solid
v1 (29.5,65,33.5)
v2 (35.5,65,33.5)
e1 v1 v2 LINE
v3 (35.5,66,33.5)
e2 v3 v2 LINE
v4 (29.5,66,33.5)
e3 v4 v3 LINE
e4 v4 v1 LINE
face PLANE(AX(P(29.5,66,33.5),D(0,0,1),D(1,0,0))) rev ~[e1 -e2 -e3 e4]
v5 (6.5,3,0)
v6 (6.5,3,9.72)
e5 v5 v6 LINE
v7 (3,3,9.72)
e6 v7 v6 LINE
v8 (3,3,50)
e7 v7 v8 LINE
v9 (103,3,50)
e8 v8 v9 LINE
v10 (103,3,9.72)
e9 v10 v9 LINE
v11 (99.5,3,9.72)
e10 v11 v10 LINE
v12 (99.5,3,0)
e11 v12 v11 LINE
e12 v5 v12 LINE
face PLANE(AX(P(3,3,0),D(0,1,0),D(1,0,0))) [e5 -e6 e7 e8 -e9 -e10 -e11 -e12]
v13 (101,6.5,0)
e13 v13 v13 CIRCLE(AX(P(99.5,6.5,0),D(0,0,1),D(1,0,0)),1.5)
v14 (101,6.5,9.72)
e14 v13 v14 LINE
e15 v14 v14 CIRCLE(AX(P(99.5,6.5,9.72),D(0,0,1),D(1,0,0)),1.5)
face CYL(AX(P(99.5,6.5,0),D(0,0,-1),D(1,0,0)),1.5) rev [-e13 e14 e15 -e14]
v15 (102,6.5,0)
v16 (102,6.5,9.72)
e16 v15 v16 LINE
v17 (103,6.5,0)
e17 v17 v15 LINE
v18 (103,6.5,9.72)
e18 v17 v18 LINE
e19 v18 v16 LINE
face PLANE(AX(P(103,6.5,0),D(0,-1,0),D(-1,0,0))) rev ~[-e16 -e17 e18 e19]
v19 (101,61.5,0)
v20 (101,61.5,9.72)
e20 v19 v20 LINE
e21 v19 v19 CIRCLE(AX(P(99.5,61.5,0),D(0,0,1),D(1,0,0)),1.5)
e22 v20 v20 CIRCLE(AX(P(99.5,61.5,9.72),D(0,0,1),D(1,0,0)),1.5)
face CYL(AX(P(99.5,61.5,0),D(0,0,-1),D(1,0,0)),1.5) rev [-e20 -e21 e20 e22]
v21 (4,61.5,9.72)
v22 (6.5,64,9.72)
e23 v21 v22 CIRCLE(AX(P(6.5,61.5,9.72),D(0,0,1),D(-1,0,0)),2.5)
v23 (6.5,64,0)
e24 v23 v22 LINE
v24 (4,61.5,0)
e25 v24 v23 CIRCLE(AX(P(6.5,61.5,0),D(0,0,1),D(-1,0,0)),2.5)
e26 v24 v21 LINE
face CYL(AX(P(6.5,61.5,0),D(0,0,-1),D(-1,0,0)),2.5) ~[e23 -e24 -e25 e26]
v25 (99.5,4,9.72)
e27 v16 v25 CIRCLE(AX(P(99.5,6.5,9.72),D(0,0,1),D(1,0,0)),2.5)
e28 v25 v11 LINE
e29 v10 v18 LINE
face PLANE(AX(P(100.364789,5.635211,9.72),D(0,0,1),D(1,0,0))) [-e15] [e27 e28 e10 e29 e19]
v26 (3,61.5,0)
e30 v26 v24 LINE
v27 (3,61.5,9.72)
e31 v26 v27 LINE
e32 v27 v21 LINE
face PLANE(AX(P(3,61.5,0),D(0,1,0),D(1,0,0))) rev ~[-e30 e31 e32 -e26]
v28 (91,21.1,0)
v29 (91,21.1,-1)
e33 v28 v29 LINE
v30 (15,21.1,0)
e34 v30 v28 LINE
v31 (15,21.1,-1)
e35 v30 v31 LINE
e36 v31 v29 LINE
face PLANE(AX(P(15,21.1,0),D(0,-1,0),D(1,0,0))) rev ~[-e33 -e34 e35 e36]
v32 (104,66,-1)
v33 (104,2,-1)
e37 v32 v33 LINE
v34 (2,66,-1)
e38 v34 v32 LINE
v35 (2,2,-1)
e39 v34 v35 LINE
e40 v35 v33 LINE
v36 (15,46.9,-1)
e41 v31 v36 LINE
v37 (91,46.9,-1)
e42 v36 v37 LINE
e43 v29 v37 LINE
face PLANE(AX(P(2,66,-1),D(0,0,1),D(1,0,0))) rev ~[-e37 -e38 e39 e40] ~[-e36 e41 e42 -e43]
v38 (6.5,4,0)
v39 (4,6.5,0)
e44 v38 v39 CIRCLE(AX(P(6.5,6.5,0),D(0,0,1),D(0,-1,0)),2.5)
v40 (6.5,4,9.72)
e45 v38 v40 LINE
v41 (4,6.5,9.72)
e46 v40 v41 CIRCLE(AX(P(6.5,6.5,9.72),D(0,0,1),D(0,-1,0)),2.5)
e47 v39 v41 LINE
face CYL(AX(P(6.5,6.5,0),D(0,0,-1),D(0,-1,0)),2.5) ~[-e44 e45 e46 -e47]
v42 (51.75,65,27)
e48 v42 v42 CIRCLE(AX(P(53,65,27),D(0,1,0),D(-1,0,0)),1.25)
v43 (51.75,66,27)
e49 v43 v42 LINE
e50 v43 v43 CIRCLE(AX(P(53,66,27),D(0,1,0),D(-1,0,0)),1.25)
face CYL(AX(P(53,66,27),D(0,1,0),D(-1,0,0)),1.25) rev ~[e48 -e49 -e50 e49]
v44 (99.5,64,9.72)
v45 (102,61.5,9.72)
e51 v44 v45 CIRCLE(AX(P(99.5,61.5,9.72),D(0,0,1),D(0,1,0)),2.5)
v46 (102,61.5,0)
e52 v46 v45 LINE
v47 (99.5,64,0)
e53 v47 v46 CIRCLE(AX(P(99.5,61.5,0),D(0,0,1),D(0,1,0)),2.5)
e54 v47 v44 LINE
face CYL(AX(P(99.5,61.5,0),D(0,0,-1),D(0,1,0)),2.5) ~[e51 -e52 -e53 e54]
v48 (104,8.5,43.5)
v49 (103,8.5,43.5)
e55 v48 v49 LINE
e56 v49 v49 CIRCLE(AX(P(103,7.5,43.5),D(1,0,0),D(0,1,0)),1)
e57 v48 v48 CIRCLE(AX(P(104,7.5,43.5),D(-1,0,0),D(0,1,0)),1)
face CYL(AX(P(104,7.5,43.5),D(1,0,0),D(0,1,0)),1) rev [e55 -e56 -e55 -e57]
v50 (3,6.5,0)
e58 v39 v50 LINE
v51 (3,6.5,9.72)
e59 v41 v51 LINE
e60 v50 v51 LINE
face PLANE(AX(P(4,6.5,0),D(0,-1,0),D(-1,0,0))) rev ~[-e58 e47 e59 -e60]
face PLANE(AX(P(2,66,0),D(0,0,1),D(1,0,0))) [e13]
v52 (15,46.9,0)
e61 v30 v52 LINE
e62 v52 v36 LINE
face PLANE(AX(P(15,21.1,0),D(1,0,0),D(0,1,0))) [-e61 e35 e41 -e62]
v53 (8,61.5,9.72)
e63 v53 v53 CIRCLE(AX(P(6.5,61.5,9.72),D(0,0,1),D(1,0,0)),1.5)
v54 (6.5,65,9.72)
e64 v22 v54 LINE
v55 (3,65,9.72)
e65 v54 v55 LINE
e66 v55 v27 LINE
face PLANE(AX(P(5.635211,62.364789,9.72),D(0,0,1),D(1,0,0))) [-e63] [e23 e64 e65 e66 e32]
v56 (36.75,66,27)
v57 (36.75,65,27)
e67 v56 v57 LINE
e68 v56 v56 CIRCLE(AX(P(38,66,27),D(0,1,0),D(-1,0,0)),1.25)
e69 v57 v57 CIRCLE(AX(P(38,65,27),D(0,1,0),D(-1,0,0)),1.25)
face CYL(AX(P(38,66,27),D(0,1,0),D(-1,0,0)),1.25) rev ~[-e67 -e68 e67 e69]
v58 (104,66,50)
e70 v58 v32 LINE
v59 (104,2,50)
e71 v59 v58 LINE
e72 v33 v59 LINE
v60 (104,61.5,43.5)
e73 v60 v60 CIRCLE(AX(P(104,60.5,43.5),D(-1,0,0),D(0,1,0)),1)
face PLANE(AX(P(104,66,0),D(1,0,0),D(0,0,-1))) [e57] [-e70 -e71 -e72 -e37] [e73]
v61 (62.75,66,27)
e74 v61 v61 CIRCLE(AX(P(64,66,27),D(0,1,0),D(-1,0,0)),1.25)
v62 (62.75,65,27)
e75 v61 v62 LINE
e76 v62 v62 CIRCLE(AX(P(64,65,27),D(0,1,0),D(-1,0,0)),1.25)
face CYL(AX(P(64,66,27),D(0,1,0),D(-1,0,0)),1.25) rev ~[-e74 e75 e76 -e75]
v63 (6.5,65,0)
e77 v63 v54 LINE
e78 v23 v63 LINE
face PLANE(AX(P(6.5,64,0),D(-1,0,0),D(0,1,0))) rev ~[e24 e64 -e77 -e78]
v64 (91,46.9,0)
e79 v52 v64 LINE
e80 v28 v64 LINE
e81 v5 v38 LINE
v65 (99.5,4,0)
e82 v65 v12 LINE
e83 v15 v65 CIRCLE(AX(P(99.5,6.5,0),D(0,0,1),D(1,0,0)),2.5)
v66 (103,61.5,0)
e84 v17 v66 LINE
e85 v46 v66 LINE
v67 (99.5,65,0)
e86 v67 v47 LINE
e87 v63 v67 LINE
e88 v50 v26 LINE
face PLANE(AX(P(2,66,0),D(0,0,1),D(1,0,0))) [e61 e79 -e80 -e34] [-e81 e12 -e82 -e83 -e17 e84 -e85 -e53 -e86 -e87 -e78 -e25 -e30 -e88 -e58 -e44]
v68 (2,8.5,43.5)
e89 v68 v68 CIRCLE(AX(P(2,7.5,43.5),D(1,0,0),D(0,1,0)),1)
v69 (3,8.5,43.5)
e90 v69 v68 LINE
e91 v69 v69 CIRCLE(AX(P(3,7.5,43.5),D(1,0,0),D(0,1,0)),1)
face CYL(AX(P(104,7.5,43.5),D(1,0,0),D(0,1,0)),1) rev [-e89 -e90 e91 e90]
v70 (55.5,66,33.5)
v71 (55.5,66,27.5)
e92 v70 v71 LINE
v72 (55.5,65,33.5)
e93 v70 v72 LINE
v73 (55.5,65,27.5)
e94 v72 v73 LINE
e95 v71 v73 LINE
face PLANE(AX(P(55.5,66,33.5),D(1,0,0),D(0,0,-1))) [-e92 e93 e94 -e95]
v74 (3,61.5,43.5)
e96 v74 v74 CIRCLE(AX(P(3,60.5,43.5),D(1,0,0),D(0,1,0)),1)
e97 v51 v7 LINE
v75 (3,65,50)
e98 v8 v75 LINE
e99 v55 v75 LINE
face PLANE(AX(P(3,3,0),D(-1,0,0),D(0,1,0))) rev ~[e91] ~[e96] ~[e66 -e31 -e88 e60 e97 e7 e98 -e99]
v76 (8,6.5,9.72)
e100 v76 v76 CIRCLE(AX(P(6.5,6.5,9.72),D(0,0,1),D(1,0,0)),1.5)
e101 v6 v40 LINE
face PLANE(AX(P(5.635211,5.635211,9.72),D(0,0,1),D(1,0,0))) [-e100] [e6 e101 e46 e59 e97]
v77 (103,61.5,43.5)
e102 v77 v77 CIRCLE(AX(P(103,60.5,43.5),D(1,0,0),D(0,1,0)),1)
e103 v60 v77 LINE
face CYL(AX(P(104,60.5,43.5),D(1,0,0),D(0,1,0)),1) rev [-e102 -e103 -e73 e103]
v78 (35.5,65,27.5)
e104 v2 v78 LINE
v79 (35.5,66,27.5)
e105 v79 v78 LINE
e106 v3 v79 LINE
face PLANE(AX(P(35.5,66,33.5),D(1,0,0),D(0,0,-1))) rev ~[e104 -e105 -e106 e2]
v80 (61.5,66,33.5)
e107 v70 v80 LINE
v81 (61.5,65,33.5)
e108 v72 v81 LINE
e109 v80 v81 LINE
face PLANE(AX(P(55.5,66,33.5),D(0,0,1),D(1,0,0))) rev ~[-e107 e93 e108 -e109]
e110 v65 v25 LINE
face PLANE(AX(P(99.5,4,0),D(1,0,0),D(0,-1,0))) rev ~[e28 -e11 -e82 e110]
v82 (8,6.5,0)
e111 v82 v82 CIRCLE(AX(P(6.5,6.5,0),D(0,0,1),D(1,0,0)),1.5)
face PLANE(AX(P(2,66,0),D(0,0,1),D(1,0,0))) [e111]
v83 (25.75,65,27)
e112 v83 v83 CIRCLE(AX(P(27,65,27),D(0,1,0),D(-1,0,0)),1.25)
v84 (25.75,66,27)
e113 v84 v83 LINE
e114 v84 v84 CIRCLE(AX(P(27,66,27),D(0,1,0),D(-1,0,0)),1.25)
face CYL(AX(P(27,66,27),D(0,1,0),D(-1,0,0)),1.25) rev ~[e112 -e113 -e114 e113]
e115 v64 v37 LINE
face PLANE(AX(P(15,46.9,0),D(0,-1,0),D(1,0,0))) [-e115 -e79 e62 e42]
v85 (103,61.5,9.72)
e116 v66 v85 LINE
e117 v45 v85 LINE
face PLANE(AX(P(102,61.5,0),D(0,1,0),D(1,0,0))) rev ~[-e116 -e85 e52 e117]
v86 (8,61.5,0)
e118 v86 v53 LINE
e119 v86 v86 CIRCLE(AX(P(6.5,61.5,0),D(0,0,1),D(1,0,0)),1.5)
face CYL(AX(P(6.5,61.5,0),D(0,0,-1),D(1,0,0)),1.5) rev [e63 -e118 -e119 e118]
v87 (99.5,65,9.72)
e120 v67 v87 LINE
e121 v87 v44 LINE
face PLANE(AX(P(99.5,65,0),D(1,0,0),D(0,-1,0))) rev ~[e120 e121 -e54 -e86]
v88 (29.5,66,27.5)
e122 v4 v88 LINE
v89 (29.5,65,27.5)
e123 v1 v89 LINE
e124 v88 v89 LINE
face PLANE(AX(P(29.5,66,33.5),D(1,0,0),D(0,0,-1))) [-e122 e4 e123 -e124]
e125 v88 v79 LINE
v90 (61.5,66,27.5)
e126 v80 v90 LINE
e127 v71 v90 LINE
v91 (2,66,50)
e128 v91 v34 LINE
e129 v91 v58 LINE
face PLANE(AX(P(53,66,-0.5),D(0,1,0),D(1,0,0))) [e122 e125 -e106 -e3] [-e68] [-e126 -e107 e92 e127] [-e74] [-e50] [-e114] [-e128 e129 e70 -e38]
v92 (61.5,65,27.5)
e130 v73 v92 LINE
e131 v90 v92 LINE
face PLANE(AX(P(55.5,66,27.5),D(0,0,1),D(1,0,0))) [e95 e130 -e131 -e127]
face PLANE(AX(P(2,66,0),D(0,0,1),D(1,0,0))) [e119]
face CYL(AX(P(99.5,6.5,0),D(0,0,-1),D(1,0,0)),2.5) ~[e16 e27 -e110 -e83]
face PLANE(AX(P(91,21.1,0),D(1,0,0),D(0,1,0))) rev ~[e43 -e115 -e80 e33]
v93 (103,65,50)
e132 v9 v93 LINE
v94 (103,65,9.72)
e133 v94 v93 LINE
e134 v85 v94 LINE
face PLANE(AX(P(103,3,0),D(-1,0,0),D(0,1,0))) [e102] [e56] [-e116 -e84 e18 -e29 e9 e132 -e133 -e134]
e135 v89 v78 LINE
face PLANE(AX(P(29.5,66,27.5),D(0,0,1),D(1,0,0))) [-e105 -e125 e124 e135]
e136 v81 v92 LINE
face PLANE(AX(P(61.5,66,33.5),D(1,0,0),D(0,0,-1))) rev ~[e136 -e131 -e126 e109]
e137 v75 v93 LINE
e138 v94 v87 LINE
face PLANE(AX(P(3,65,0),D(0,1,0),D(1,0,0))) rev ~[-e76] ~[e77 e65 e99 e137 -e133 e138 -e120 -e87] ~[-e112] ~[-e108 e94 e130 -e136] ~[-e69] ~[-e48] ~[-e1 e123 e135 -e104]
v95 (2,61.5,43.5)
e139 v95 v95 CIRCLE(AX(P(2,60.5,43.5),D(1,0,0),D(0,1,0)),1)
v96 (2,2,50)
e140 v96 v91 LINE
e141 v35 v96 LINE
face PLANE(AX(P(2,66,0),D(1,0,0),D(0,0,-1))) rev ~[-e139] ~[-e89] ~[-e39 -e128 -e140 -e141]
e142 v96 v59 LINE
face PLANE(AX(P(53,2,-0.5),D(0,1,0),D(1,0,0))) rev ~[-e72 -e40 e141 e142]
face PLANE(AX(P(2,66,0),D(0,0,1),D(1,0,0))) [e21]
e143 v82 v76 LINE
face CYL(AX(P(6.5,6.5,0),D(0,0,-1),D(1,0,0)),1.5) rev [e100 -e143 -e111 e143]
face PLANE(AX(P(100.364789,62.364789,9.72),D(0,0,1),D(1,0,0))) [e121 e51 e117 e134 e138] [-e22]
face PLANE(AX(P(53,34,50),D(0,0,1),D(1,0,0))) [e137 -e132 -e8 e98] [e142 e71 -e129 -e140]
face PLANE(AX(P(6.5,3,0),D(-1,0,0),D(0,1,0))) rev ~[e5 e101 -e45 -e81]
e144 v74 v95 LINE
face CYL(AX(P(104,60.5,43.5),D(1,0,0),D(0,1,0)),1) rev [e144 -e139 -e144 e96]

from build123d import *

# Parameters (mm, degrees)
SKETCH_1_W               = 102
SKETCH_1_H               = 64
EXTRUDE_1_DEPTH          = 50
SKETCH_1_3_R             = 1.5
EXTRUDE_2_DEPTH          = 9.72
SKETCH_4_W               = 102
SKETCH_4_H               = 1
EXTRUDE_3_DEPTH          = 64
SKETCH_1_5_W             = 76
SKETCH_1_5_H             = 25.8
CUT_EXTRUDE_1_DEPTH      = 1
CUT_EXTRUDE_2_DEPTH      = 102
CUT_EXTRUDE_2_DEPTH_BACK = 1
SKETCH_5_R               = 1
SKETCH_6_R               = 1.25
SKETCH_6_W               = 6
SKETCH_6_H               = 6
CUT_EXTRUDE_3_DEPTH      = 10


with BuildPart() as part:
    # Эскиз1 → Бобышка-Вытянуть1 (new body)
    with BuildSketch(Plane.XY):
        with Locations((53, 34)):
            Rectangle(SKETCH_1_W, SKETCH_1_H)
        Polygon((3, 61.5), (3, 65), (6.5, 65), (99.5, 65), (103, 65), (103, 61.5), (103, 6.5), (103, 3), (99.5, 3), (6.5, 3), (3, 3), (3, 6.5), align=None, mode=Mode.SUBTRACT)
    extrude(amount=EXTRUDE_1_DEPTH)

    # Эскиз1<3> → Бобышка-Вытянуть2 (add)
    # profile 1 of 4: a face of its own
    with BuildSketch(Plane.XY):
        with BuildLine():
            Line((6.5, 65), (3, 65))
            Line((3, 65), (3, 61.5))
            Line((3, 61.5), (4, 61.5))
            ThreePointArc((4, 61.5), (8.267766953, 59.732233047), (6.5, 64))
            Line((6.5, 64), (6.5, 65))
        make_face()
        with Locations((6.5, 61.5)):
            Circle(SKETCH_1_3_R, mode=Mode.SUBTRACT)
    # profile 2 of 4: a face of its own
    with BuildSketch(Plane.XY):
        with BuildLine():
            Line((103, 65), (99.5, 65))
            Line((99.5, 65), (99.5, 64))
            ThreePointArc((99.5, 64), (97.732233047, 59.732233047), (102, 61.5))
            Line((102, 61.5), (103, 61.5))
            Line((103, 61.5), (103, 65))
        make_face()
        with Locations((99.5, 61.5)):
            Circle(SKETCH_1_3_R, mode=Mode.SUBTRACT)
    # profile 3 of 4: a face of its own
    with BuildSketch(Plane.XY):
        with BuildLine():
            Line((4, 6.5), (3, 6.5))
            Line((3, 6.5), (3, 3))
            Line((3, 3), (6.5, 3))
            Line((6.5, 3), (6.5, 4))
            ThreePointArc((6.5, 4), (8.267766953, 8.267766953), (4, 6.5))
        make_face()
        with Locations((6.5, 6.5)):
            Circle(SKETCH_1_3_R, mode=Mode.SUBTRACT)
    # profile 4 of 4: a face of its own
    with BuildSketch(Plane.XY):
        with BuildLine():
            Line((103, 3), (103, 6.5))
            Line((103, 6.5), (102, 6.5))
            ThreePointArc((102, 6.5), (97.732233047, 8.267766953), (99.5, 4))
            Line((99.5, 4), (99.5, 3))
            Line((99.5, 3), (103, 3))
        make_face()
        with Locations((99.5, 6.5)):
            Circle(SKETCH_1_3_R, mode=Mode.SUBTRACT)
    extrude(amount=EXTRUDE_2_DEPTH)

    # Эскиз4 → Бобышка-Вытянуть3 (add)
    with BuildSketch(Plane(origin=(0, 66, 0), x_dir=(1, 0, 0), z_dir=(0, 1, 0))):
        with Locations((53, 0.5)):
            Rectangle(SKETCH_4_W, SKETCH_4_H)
    extrude(amount=-EXTRUDE_3_DEPTH)

    # Эскиз1<5> → Вырез-Вытянуть1 (cut)
    with BuildSketch(Plane.XY):
        with Locations((53, 34)):
            Rectangle(SKETCH_1_5_W, SKETCH_1_5_H)
    extrude(amount=-CUT_EXTRUDE_1_DEPTH, mode=Mode.SUBTRACT)

    # Эскиз5 → Вырез-Вытянуть2 (cut, two sides: drawn at the far end of the back side and taken through both)
    with BuildSketch(Plane.ZY.offset(-103).offset(-CUT_EXTRUDE_2_DEPTH_BACK)):
        with Locations((43.5, 7.5)):
            Circle(SKETCH_5_R)
        with Locations((43.5, 60.5)):
            Circle(SKETCH_5_R)
    extrude(amount=CUT_EXTRUDE_2_DEPTH + CUT_EXTRUDE_2_DEPTH_BACK, mode=Mode.SUBTRACT)

    # Эскиз6 → Вырез-Вытянуть3 (cut)
    with BuildSketch(Plane(origin=(0, 66, 0), x_dir=(1, 0, 0), z_dir=(0, 1, 0))):
        with Locations((27, -27)):
            Circle(SKETCH_6_R)
        with Locations((38, -27)):
            Circle(SKETCH_6_R)
        with Locations((53, -27)):
            Circle(SKETCH_6_R)
        with Locations((64, -27)):
            Circle(SKETCH_6_R)
        with Locations((32.5, -30.5)):
            Rectangle(SKETCH_6_W, SKETCH_6_H)
        with Locations((58.5, -30.5)):
            Rectangle(SKETCH_6_W, SKETCH_6_H)
    extrude(amount=-CUT_EXTRUDE_3_DEPTH, mode=Mode.SUBTRACT)


solid = part.part
